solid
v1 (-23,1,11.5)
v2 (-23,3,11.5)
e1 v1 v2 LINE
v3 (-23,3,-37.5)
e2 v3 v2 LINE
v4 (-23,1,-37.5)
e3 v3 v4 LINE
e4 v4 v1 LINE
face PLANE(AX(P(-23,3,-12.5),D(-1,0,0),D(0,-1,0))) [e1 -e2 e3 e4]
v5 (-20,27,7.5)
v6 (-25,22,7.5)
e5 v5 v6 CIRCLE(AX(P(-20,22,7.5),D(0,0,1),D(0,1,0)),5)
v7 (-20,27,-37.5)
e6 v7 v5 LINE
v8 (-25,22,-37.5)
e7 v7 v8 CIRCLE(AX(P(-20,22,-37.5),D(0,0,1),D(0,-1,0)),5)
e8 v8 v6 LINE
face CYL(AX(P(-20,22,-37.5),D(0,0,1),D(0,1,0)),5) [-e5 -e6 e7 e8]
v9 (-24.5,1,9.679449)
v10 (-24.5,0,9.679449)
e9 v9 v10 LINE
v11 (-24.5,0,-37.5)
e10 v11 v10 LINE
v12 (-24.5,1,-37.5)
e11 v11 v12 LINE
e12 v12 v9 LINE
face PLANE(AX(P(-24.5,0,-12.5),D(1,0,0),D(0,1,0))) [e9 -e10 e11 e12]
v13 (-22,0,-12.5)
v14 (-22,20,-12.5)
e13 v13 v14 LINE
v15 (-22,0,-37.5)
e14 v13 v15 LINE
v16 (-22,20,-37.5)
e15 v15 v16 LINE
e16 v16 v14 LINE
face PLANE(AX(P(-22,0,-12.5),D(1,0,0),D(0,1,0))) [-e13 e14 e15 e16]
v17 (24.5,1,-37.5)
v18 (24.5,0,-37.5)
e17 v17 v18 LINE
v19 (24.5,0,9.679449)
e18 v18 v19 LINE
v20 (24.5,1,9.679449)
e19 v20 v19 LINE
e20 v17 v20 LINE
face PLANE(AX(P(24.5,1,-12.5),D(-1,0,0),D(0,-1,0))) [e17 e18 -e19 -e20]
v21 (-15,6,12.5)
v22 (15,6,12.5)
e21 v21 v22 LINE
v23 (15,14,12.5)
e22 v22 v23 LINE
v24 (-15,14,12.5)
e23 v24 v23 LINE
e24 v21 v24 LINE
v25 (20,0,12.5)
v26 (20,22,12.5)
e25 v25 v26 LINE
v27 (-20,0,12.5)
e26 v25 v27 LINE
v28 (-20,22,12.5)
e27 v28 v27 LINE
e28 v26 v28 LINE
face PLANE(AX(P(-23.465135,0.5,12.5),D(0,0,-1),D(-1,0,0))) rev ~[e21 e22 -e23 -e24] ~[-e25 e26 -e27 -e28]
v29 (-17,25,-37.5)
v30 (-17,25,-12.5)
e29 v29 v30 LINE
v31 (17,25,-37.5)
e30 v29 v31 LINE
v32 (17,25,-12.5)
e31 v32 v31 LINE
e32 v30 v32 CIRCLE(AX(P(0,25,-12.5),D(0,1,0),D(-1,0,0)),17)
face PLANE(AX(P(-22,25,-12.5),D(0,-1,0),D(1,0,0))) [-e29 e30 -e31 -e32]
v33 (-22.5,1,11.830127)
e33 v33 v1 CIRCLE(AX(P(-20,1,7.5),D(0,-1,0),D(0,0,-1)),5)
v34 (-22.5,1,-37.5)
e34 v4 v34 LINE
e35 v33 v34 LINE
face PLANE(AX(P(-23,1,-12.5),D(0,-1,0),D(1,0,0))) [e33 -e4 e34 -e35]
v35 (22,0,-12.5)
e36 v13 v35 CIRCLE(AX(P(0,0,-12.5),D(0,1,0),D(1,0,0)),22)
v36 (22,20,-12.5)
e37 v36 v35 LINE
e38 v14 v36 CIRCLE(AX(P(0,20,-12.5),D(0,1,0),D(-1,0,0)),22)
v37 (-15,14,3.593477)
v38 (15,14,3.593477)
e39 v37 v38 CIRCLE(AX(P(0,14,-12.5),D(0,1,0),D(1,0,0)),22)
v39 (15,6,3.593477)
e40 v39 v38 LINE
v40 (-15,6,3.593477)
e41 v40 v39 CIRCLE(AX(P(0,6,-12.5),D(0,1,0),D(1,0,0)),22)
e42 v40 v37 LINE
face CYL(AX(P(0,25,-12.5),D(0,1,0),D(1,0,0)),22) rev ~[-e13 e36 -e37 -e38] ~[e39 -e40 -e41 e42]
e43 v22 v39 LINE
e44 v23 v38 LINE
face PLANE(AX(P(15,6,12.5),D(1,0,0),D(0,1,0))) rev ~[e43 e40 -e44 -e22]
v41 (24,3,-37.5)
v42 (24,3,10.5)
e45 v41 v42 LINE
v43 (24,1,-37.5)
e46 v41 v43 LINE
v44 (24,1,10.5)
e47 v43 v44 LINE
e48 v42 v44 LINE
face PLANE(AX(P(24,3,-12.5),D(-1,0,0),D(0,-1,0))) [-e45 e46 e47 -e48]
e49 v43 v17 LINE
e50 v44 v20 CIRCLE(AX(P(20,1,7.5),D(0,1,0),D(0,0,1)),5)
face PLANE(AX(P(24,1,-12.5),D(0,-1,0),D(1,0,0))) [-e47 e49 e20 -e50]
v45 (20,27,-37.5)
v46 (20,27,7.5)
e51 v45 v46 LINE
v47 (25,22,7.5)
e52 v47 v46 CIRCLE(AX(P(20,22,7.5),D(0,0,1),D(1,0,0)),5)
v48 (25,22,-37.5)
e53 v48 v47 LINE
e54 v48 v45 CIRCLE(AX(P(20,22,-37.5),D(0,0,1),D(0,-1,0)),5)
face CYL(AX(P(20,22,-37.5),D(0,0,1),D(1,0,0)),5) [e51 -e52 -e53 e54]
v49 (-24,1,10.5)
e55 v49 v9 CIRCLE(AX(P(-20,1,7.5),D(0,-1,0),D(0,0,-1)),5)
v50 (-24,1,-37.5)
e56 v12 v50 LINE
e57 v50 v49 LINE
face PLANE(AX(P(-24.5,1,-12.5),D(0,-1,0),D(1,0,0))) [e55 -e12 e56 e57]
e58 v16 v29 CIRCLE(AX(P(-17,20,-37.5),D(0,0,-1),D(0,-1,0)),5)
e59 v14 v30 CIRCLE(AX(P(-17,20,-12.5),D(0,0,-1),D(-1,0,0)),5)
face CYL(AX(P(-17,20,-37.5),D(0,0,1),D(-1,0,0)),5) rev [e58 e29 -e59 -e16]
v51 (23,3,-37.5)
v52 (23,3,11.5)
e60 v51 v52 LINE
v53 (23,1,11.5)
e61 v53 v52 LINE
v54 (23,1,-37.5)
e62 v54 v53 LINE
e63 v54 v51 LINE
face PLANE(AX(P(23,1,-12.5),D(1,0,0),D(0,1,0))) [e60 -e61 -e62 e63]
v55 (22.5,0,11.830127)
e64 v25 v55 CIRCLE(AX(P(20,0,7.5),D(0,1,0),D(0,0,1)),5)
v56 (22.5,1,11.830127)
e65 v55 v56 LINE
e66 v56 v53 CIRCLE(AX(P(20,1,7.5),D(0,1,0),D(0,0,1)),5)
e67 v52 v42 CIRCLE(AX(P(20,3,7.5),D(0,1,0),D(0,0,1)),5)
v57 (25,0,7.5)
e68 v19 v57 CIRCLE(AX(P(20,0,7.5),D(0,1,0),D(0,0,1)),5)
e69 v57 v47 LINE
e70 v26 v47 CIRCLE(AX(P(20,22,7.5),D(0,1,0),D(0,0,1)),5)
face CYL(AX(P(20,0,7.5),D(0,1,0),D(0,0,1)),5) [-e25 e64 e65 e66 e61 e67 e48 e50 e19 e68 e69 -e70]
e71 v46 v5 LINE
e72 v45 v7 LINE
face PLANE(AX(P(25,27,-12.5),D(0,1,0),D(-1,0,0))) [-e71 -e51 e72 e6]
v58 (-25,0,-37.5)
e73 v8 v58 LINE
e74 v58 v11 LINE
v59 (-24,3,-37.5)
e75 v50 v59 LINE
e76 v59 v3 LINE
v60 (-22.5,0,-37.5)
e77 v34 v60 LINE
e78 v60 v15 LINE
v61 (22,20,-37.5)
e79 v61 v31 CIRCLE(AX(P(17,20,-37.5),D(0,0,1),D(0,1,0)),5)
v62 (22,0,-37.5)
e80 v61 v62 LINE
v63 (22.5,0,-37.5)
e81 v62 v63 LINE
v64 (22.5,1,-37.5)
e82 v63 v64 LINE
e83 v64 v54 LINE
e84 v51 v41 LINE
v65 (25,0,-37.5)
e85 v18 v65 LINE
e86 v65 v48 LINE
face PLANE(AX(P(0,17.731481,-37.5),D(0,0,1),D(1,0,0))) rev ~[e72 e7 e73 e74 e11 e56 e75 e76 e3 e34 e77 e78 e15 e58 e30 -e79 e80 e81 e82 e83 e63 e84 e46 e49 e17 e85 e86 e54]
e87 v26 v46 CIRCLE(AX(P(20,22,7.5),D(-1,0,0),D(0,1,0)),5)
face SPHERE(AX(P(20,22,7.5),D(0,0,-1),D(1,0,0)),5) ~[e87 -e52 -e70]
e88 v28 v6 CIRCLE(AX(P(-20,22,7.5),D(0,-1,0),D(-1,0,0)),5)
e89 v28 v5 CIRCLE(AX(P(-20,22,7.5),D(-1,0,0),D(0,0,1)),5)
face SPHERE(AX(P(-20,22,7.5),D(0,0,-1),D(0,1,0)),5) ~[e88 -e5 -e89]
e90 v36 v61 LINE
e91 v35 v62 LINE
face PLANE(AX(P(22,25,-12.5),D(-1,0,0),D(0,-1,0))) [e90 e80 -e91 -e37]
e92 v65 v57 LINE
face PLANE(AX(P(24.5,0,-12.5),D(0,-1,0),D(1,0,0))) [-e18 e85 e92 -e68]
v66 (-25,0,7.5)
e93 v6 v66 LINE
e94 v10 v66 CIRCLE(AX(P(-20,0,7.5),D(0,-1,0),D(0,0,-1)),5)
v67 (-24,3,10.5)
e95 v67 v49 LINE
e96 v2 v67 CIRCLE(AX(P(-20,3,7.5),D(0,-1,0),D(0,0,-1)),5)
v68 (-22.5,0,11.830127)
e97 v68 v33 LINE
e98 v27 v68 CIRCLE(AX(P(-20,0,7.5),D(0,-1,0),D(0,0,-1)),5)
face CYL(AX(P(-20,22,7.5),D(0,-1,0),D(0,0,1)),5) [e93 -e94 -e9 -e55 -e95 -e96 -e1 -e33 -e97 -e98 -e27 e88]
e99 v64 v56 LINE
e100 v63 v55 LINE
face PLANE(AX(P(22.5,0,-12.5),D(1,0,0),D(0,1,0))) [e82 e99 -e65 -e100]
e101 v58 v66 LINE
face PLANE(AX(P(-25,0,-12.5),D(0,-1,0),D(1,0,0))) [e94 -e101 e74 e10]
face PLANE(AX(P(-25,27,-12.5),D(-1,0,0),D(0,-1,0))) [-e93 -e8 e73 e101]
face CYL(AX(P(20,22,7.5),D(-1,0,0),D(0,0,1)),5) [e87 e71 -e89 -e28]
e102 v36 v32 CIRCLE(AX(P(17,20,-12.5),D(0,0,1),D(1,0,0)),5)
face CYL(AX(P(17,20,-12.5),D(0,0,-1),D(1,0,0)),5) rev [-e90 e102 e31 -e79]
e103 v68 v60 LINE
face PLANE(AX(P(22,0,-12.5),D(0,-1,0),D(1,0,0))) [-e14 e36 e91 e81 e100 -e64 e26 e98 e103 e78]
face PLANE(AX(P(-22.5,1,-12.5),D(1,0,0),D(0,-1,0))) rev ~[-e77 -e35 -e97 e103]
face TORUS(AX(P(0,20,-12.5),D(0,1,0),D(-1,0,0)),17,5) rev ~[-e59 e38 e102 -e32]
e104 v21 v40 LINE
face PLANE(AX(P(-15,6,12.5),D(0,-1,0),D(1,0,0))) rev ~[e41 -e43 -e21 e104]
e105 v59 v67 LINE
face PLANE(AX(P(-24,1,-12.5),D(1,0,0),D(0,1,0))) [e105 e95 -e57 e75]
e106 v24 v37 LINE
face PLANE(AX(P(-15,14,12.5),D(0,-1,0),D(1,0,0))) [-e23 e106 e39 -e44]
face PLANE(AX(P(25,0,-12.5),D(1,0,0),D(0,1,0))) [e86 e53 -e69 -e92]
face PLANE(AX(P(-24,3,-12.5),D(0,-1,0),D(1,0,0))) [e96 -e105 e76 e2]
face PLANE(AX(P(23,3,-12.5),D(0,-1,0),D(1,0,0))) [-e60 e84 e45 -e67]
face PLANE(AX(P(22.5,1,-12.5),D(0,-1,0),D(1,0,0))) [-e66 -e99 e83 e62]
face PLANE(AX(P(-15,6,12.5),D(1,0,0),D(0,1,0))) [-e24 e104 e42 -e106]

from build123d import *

# Parameters (mm, degrees)
CROQUIS1_W              = 60
CROQUIS1_H              = 25
SALIENTE_EXTRUIR1_DEPTH = 25
CROQUIS2_R              = 22
CORTAR_EXTRUIR1_DEPTH   = 25
CROQUIS3_W              = 39.331186887
CROQUIS3_H              = 32.545982132
CORTAR_EXTRUIR6_DEPTH   = 5
CROQUIS6_W              = 71.754194534
CROQUIS6_H              = 47.315533904
CORTAR_EXTRUIR7_DEPTH   = 5
CROQUIS7_W              = 50
CROQUIS7_H              = 25
SALIENTE_EXTRUIR2_DEPTH = 2
CORTAR_EXTRUIR9_DEPTH   = 38
CORTAR_EXTRUIR11_DEPTH  = 31
CROQUIS11_W             = 1
CROQUIS11_H             = 2
SALIENTE_EXTRUIR3_DEPTH = 25
CORTAR_EXTRUIR12_DEPTH  = 25
SALIENTE_EXTRUIR4_DEPTH = 25
CROQUIS14_W             = 30
CROQUIS14_H             = 8
CORTAR_EXTRUIR15_DEPTH  = 22
REDONDEO4_R             = 5
REDONDEO5_R             = 5


with BuildPart() as part:
    # Croquis1 → Saliente-Extruir1 (new body)
    with BuildSketch(Plane(origin=(0, 0, 0), x_dir=(1, 0, 0), z_dir=(0, 1, 0))):
        Rectangle(CROQUIS1_W, CROQUIS1_H)
    extrude(amount=SALIENTE_EXTRUIR1_DEPTH)

    # Croquis2 → Cortar-Extruir1 (cut)
    with BuildSketch(Plane(origin=(0, 25, 0), x_dir=(1, 0, 0), z_dir=(0, 1, 0))):
        with Locations((0, 12.5)):
            Circle(CROQUIS2_R)
    extrude(amount=-CORTAR_EXTRUIR1_DEPTH, mode=Mode.SUBTRACT)

    # Croquis3 → Cortar-Extruir6 (cut)
    with BuildSketch(Plane(origin=(30, 0, 0), x_dir=(0, 0, -1), z_dir=(1, 0, 0))):
        with Locations((0.690020822, 11.469590882)):
            Rectangle(CROQUIS3_W, CROQUIS3_H)
    extrude(amount=-CORTAR_EXTRUIR6_DEPTH, mode=Mode.SUBTRACT)

    # Croquis6 → Cortar-Extruir7 (cut)
    with BuildSketch(Plane.ZY.offset(30)):
        with Locations((-5.334444443, 15.165040004)):
            Rectangle(CROQUIS6_W, CROQUIS6_H)
    extrude(amount=-CORTAR_EXTRUIR7_DEPTH, mode=Mode.SUBTRACT)

    # Croquis7 → Saliente-Extruir2 (add)
    with BuildSketch(Plane(origin=(0, 25, 0), x_dir=(1, 0, 0), z_dir=(0, 1, 0))):
        Rectangle(CROQUIS7_W, CROQUIS7_H)
    extrude(amount=SALIENTE_EXTRUIR2_DEPTH)

    # Croquis8 → Cortar-Extruir9 (cut)
    with BuildSketch(Plane(origin=(0, 0, -12.5), x_dir=(-1, 0, 0), z_dir=(0, 0, -1))):
        Polygon((-23.5, 0), (-23, 0), (-23, 3), (-24, 3), (-24, 0), align=None)
        Polygon((24, 0), (23.5, 0), (23, 0), (23, 3), (24, 3), align=None)
    extrude(amount=-CORTAR_EXTRUIR9_DEPTH, mode=Mode.SUBTRACT)

    # Croquis10 → Cortar-Extruir11 (cut)
    with BuildSketch(Plane(origin=(0, 0, -12.5), x_dir=(-1, 0, 0), z_dir=(0, 0, -1))):
        Polygon((23, 0), (24, 0), (24.465135072, 0), (24.465135072, 1), (22.465135072, 1), (22.465135072, 0), align=None)
        Polygon((-22.465135072, 0), (-22.465135072, 1), (-24.465135072, 1), (-24.465135072, 0), (-24, 0), (-23, 0), align=None)
    extrude(amount=-CORTAR_EXTRUIR11_DEPTH, mode=Mode.SUBTRACT)

    # Croquis11 → Saliente-Extruir3 (add)
    with BuildSketch(Plane(origin=(0, 0, -12.5), x_dir=(-1, 0, 0), z_dir=(0, 0, -1))):
        Polygon((22.465135072, 1), (22.465135072, 0), (24.465135072, 0), (24.465135072, 1), (24, 1), (23, 1), align=None)
        with Locations((23.5, 2)):
            Rectangle(CROQUIS11_W, CROQUIS11_H)
        Polygon((-23, 1), (-24, 1), (-24.465135072, 1), (-24.465135072, 0), (-22.465135072, 0), (-22.465135072, 1), align=None)
        with Locations((-23.5, 2)):
            Rectangle(CROQUIS11_W, CROQUIS11_H)
    extrude(amount=-SALIENTE_EXTRUIR3_DEPTH)

    # Croquis12 → Cortar-Extruir12 (cut)
    with BuildSketch(Plane(origin=(0, 0, -12.5), x_dir=(-1, 0, 0), z_dir=(0, 0, -1))):
        Polygon((-22.5, 0), (-24.5, 0), (-24.5, 1), (-24, 1), (-24, 3), (-23, 3), (-23, 1), (-22.5, 1), align=None)
        Polygon((24, 3), (23, 3), (23, 1), (22.5, 1), (22.5, 0), (24.5, 0), (24.5, 1), (24, 1), align=None)
    extrude(amount=-CORTAR_EXTRUIR12_DEPTH, mode=Mode.SUBTRACT)

    # Croquis13 → Saliente-Extruir4 (add)
    with BuildSketch(Plane(origin=(0, 0, -12.5), x_dir=(-1, 0, 0), z_dir=(0, 0, -1))):
        Polygon((-22, 0), (-22.5, 0), (-22.5, 1), (-23, 1), (-23, 3), (-24, 3), (-24, 1), (-24.5, 1), (-24.5, 0), (-25, 0), (-25, 27), (25, 27), (25, 0), (24.5, 0), (24.5, 1), (24, 1), (24, 3), (23, 3), (23, 1), (22.5, 1), (22.5, 0), (22, 0), (22, 25), (-22, 25), align=None)
    extrude(amount=SALIENTE_EXTRUIR4_DEPTH)

    # Croquis14 → Cortar-Extruir15 (cut)
    with BuildSketch(Plane.XY.offset(12.5)):
        with Locations((0, 10)):
            Rectangle(CROQUIS14_W, CROQUIS14_H)
    extrude(amount=-CORTAR_EXTRUIR15_DEPTH, mode=Mode.SUBTRACT)

    # Redondeo4
    redondeo4_edges = [part.edges().sort_by_distance(p)[0] for p in [
        (0, 25, 9.5),
        (-22, 25, -25),
        (22, 25, -25),
        (-25, 27, -12.5),
        (25, 27, -12.5),
    ]]
    fillet(redondeo4_edges, radius=REDONDEO4_R)

    # Redondeo5
    redondeo5_edges = [part.edges().sort_by_distance(p)[0] for p in [
        (-23.535533906, 25.535533906, 12.5),
        (23.535533906, 25.535533906, 12.5),
        (-25, 11, 12.5),
        (0, 27, 12.5),
        (25, 11, 12.5),
    ]]
    fillet(redondeo5_edges, radius=REDONDEO5_R)


solid = part.part
